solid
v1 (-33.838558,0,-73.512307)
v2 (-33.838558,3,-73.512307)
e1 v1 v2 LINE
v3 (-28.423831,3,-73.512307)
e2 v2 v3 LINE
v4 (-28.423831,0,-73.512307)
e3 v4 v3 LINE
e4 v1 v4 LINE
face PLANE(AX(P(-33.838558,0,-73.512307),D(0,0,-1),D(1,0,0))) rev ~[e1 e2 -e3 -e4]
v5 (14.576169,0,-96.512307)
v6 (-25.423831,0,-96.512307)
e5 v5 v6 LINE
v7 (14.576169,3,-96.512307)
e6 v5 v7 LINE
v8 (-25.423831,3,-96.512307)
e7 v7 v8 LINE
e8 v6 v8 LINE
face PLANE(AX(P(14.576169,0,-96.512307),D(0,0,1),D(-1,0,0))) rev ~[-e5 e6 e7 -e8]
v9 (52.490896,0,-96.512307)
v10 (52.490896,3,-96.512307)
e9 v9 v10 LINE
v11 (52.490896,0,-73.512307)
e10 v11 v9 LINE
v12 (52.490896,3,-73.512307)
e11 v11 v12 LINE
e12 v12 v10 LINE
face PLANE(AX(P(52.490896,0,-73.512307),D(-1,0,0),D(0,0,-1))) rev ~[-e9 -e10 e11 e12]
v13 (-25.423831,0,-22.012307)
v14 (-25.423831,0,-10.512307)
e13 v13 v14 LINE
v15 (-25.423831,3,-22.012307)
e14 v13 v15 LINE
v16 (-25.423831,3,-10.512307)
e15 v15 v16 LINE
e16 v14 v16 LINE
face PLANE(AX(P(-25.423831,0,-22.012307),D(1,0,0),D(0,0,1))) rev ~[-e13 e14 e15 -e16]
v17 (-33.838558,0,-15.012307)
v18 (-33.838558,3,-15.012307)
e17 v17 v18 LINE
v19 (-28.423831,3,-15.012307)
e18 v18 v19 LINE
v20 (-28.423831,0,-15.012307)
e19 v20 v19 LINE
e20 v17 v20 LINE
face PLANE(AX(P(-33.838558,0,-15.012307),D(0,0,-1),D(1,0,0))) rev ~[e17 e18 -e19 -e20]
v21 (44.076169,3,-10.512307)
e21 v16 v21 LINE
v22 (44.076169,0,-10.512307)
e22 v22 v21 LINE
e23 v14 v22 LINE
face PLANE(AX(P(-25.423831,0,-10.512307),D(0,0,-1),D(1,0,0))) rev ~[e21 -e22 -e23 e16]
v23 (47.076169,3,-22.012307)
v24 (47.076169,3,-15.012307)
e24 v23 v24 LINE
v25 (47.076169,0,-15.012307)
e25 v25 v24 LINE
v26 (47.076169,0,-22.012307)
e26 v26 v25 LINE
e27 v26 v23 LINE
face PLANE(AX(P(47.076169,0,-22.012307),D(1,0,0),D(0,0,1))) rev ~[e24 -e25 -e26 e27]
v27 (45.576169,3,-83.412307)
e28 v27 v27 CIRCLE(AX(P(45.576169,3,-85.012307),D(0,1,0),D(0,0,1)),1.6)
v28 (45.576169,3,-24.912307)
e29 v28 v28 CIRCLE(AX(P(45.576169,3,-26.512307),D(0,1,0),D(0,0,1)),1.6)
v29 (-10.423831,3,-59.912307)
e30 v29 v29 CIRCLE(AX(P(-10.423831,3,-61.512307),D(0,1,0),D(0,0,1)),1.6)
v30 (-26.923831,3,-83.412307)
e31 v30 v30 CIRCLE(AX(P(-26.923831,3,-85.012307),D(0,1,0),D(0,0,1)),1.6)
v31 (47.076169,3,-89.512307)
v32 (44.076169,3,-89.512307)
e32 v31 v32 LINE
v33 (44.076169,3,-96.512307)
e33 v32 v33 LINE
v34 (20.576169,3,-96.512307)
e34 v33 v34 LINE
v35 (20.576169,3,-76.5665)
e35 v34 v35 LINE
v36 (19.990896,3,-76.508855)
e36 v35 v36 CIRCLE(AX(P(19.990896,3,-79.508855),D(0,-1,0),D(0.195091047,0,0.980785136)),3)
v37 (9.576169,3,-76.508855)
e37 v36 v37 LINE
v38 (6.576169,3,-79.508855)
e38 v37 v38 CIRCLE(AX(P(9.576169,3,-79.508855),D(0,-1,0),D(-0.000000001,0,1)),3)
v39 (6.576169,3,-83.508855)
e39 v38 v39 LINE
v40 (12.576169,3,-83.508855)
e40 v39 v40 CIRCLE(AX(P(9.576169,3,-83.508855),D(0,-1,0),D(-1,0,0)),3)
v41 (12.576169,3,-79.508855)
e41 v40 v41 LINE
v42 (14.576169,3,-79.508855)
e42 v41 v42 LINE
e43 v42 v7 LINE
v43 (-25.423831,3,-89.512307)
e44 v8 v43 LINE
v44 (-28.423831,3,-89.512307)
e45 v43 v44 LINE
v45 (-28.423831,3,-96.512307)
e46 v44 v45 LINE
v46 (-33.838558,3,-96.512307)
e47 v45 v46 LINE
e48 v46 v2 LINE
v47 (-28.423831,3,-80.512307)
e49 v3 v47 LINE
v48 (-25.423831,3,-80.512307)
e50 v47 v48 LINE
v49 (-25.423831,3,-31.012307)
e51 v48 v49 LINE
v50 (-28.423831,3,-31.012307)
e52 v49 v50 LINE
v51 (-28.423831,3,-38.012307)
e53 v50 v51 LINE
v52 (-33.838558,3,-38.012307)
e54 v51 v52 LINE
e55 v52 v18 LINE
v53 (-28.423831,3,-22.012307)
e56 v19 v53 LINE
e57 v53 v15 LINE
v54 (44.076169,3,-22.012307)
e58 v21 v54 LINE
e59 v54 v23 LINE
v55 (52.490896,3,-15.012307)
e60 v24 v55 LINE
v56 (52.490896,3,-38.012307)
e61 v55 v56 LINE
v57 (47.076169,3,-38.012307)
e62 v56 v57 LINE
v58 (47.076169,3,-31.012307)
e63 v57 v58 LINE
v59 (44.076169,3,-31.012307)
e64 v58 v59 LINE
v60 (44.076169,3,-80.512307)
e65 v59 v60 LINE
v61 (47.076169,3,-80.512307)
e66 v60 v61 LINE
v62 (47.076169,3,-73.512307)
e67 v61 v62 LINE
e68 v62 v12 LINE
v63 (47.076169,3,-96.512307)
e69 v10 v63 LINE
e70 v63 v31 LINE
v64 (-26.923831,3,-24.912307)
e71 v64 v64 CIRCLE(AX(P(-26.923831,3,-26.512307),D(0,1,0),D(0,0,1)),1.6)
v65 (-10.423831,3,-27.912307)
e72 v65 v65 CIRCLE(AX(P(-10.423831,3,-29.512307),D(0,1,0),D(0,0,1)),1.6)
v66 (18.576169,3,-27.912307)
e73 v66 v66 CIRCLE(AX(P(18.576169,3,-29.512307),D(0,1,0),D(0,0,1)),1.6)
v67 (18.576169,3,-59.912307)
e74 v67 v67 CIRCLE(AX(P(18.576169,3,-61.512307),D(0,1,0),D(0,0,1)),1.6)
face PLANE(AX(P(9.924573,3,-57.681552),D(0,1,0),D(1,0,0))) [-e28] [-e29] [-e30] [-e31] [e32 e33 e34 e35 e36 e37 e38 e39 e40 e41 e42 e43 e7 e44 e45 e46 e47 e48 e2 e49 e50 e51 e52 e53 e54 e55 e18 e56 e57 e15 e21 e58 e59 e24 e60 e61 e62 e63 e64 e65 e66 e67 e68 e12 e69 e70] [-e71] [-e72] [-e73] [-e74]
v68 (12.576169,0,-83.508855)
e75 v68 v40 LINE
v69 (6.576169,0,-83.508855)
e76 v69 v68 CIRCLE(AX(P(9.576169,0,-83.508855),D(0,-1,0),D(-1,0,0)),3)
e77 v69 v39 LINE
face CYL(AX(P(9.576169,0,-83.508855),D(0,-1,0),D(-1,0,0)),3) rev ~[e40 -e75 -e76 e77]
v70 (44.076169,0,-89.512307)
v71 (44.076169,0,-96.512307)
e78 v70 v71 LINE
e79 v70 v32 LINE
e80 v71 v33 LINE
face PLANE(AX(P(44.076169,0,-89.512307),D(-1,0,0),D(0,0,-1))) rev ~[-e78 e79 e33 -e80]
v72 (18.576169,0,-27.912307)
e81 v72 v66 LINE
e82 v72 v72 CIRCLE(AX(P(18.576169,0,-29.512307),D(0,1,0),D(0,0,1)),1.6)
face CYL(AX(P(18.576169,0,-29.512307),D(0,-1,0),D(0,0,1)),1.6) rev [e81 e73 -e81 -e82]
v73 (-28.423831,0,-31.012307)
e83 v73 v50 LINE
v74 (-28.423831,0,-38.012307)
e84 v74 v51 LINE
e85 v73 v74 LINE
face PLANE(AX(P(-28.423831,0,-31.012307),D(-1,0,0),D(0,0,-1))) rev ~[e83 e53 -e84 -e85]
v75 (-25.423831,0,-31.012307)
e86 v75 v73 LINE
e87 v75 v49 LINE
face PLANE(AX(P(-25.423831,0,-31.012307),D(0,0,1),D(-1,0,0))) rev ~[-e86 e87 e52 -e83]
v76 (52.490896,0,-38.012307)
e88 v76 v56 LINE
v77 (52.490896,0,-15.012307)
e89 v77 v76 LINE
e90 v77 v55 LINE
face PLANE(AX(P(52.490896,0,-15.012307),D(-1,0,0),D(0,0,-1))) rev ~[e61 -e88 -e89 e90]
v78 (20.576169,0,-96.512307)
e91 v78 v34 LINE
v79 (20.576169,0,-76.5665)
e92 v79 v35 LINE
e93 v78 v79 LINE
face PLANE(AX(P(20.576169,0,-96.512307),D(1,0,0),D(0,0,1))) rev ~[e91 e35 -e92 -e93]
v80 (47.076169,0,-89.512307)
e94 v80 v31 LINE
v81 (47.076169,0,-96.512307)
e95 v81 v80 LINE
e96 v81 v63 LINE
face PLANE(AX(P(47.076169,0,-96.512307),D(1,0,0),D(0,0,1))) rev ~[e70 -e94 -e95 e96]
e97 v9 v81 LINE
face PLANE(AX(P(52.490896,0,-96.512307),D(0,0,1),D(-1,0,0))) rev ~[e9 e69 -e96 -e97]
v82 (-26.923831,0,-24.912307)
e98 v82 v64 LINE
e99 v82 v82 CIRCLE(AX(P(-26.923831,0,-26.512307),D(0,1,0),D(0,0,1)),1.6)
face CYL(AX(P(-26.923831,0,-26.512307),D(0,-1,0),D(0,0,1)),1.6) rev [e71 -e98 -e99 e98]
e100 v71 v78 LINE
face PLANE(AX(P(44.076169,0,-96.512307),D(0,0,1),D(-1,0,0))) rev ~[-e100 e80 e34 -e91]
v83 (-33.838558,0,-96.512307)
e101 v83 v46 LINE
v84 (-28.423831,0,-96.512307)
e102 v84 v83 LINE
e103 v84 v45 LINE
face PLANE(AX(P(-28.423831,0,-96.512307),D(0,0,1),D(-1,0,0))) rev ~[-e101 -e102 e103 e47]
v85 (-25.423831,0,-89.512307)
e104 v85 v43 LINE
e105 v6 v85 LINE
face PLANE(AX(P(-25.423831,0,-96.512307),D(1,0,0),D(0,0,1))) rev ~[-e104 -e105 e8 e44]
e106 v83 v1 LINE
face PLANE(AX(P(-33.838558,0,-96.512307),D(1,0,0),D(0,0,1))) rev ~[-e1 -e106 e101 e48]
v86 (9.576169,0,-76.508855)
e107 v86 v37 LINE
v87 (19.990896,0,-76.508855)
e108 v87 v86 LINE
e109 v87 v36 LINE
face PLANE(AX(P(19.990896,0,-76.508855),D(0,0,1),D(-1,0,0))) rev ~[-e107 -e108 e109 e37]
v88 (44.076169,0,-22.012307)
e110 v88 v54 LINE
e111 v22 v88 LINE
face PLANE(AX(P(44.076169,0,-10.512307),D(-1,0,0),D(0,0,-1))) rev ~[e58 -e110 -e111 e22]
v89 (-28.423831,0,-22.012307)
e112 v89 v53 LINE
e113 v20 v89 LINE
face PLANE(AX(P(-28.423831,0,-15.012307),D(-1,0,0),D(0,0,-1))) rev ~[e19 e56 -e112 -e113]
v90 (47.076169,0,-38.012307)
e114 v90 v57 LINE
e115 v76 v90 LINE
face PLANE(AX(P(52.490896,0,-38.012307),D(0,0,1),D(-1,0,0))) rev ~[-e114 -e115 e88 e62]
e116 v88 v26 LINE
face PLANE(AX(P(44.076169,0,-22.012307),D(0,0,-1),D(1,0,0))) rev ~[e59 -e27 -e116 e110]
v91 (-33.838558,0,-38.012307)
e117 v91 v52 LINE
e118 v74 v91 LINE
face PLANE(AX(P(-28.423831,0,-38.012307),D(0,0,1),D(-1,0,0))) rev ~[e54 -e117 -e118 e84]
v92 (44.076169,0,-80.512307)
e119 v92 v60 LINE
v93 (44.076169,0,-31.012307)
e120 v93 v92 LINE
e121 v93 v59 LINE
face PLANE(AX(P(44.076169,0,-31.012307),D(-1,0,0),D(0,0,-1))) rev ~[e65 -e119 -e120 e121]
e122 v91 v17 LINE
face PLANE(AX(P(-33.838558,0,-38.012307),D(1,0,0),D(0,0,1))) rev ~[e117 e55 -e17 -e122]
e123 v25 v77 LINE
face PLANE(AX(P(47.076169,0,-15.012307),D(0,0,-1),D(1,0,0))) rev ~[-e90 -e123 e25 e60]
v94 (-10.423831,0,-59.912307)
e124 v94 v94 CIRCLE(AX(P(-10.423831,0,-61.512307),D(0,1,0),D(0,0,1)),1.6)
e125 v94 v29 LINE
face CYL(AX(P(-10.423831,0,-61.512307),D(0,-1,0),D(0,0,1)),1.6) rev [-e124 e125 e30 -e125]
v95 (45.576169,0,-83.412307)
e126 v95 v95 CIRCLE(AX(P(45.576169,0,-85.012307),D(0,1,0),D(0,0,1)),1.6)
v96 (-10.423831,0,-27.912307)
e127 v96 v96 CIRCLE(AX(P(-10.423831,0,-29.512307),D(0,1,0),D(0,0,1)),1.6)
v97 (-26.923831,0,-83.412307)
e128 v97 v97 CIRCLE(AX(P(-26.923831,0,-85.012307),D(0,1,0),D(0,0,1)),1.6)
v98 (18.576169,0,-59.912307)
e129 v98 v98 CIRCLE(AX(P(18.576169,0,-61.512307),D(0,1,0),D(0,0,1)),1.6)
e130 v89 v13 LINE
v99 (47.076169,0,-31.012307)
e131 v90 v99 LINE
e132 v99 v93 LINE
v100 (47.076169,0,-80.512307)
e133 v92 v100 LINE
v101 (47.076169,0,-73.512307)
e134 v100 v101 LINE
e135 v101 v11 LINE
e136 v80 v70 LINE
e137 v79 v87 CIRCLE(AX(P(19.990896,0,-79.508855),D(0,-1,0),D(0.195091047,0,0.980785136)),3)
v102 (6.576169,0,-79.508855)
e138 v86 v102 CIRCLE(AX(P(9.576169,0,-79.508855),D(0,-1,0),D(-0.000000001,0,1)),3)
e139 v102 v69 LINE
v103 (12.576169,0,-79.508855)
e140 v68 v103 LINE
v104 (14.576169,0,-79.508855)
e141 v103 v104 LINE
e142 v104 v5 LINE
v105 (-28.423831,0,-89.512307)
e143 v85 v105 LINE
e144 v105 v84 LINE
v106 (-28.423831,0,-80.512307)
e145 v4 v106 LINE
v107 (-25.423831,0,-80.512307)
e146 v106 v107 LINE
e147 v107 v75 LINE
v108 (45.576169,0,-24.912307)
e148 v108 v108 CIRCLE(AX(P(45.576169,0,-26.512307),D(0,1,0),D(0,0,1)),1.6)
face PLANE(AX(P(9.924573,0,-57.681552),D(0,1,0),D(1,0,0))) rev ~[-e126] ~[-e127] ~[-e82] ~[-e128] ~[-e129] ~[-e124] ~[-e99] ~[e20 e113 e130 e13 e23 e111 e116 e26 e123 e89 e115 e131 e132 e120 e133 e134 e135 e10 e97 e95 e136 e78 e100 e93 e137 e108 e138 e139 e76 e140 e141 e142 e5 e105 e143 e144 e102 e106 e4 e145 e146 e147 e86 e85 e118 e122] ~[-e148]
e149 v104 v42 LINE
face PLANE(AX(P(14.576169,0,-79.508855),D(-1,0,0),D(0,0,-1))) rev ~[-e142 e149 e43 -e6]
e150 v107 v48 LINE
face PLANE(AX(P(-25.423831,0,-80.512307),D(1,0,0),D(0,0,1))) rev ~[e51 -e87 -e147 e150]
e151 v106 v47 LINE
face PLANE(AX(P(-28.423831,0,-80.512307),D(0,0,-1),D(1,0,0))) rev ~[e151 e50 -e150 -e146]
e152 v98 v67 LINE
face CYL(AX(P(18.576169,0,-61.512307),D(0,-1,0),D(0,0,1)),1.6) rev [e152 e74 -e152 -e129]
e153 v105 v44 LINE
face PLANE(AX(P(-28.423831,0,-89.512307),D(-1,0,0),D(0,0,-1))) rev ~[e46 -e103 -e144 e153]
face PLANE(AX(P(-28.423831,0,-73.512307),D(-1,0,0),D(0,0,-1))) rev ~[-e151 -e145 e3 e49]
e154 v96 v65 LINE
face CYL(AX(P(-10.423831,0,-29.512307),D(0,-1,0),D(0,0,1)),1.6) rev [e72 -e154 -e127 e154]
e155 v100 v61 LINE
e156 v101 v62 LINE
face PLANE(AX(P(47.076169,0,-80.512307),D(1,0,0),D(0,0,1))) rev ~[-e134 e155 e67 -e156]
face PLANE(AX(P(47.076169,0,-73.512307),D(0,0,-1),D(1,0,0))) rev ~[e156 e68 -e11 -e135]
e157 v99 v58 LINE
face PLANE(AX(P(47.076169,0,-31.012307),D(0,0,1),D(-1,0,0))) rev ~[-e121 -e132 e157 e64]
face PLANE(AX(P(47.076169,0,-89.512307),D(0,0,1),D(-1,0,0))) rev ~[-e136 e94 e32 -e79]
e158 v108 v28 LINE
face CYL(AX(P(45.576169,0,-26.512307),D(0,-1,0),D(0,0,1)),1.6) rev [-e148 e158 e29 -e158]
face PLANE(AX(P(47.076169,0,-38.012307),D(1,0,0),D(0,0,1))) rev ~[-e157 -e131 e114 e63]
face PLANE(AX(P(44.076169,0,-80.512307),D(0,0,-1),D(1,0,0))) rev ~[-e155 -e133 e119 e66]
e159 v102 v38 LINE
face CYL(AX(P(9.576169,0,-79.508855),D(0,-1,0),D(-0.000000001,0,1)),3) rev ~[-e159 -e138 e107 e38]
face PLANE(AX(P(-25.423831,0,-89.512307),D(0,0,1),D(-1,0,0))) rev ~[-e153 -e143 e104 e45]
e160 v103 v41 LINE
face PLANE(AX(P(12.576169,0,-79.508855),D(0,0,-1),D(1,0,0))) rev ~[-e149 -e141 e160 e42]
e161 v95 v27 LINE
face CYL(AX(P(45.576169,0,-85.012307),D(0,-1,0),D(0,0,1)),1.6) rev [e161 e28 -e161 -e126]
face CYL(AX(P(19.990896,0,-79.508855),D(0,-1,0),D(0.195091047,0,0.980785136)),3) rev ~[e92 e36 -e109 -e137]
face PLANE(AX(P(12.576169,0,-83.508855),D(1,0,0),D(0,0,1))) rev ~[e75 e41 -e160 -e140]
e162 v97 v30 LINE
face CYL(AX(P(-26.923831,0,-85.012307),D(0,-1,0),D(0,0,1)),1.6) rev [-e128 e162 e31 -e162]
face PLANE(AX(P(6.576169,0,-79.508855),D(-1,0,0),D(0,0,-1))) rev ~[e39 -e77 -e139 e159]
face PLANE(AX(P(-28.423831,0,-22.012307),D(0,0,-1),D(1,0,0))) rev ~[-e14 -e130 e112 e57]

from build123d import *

# Parameters (mm, degrees)
SKETCH_1_R      = 1.6
EXTRUDE_1_DEPTH = 3


with BuildPart() as part:
    # 草图1 → 凸台-拉伸1 (new body)
    with BuildSketch(Plane(origin=(0, 0, 0), x_dir=(1, 0, 0), z_dir=(0, 1, 0))):
        with BuildLine():
            Line((-25.423831263, 10.512307079), (44.076168737, 10.512307079))
            Line((44.076168737, 10.512307079), (44.076168737, 22.012307079))
            Line((44.076168737, 22.012307079), (47.076168737, 22.012307079))
            Line((47.076168737, 22.012307079), (47.076168737, 15.012307079))
            Line((47.076168737, 15.012307079), (52.490895584, 15.012307079))
            Line((52.490895584, 15.012307079), (52.490895584, 38.012307079))
            Line((52.490895584, 38.012307079), (47.076168737, 38.012307079))
            Line((47.076168737, 38.012307079), (47.076168737, 31.012307079))
            Line((47.076168737, 31.012307079), (44.076168737, 31.012307079))
            Line((44.076168737, 31.012307079), (44.076168737, 80.512307079))
            Line((44.076168737, 80.512307079), (47.076168737, 80.512307079))
            Line((47.076168737, 80.512307079), (47.076168737, 73.512307079))
            Line((47.076168737, 73.512307079), (52.490895584, 73.512307079))
            Line((52.490895584, 73.512307079), (52.490895584, 96.512307079))
            Line((52.490895584, 96.512307079), (47.076168737, 96.512307079))
            Line((47.076168737, 96.512307079), (47.076168737, 89.512307079))
            Line((47.076168737, 89.512307079), (44.076168737, 89.512307079))
            Line((44.076168737, 89.512307079), (44.076168737, 96.512307079))
            Line((44.076168737, 96.512307079), (20.576168737, 96.512307079))
            Line((20.576168737, 96.512307079), (20.576168737, 76.566499541))
            ThreePointArc((20.576168737, 76.566499541), (20.284948115, 76.523300877), (19.990895584, 76.508854947))
            Line((19.990895584, 76.508854947), (9.576168737, 76.508854947))
            ThreePointArc((9.576168737, 76.508854947), (7.454848394, 77.387534604), (6.576168737, 79.508854947))
            Line((6.576168737, 79.508854947), (6.576168737, 83.508854947))
            ThreePointArc((6.576168737, 83.508854947), (9.576168737, 86.508854947), (12.576168737, 83.508854947))
            Line((12.576168737, 83.508854947), (12.576168737, 79.508854947))
            Line((12.576168737, 79.508854947), (14.576168737, 79.508854947))
            Line((14.576168737, 79.508854947), (14.576168737, 96.512307079))
            Line((14.576168737, 96.512307079), (-25.423831263, 96.512307079))
            Line((-25.423831263, 96.512307079), (-25.423831263, 89.512307079))
            Line((-25.423831263, 89.512307079), (-28.423831263, 89.512307079))
            Line((-28.423831263, 89.512307079), (-28.423831263, 96.512307079))
            Line((-28.423831263, 96.512307079), (-33.838558109, 96.512307079))
            Line((-33.838558109, 96.512307079), (-33.838558109, 73.512307079))
            Line((-33.838558109, 73.512307079), (-28.423831263, 73.512307079))
            Line((-28.423831263, 73.512307079), (-28.423831263, 80.512307079))
            Line((-28.423831263, 80.512307079), (-25.423831263, 80.512307079))
            Line((-25.423831263, 80.512307079), (-25.423831263, 31.012307079))
            Line((-25.423831263, 31.012307079), (-28.423831263, 31.012307079))
            Line((-28.423831263, 31.012307079), (-28.423831263, 38.012307079))
            Line((-28.423831263, 38.012307079), (-33.838558109, 38.012307079))
            Line((-33.838558109, 38.012307079), (-33.838558109, 15.012307079))
            Line((-33.838558109, 15.012307079), (-28.423831263, 15.012307079))
            Line((-28.423831263, 15.012307079), (-28.423831263, 22.012307079))
            Line((-28.423831263, 22.012307079), (-25.423831263, 22.012307079))
            Line((-25.423831263, 22.012307079), (-25.423831263, 10.512307079))
        make_face()
        with Locations(Location((-10.423831263, 29.512307079, 0), (0, 0, 270))):
            Circle(SKETCH_1_R, mode=Mode.SUBTRACT)
        with Locations(Location((18.576168737, 29.512307079, 0), (0, 0, 270))):
            Circle(SKETCH_1_R, mode=Mode.SUBTRACT)
        with Locations(Location((18.576168737, 61.512307079, 0), (0, 0, 270))):
            Circle(SKETCH_1_R, mode=Mode.SUBTRACT)
        with Locations(Location((-10.423831263, 61.512307079, 0), (0, 0, 270))):
            Circle(SKETCH_1_R, mode=Mode.SUBTRACT)
        with Locations(Location((-26.923831263, 26.512307079, 0), (0, 0, 270))):
            Circle(SKETCH_1_R, mode=Mode.SUBTRACT)
        with Locations(Location((45.576168737, 26.512307079, 0), (0, 0, 270))):
            Circle(SKETCH_1_R, mode=Mode.SUBTRACT)
        with Locations(Location((45.576168737, 85.012307079, 0), (0, 0, 270))):
            Circle(SKETCH_1_R, mode=Mode.SUBTRACT)
        with Locations(Location((-26.923831263, 85.012307079, 0), (0, 0, 270))):
            Circle(SKETCH_1_R, mode=Mode.SUBTRACT)
    extrude(amount=EXTRUDE_1_DEPTH)


solid = part.part
